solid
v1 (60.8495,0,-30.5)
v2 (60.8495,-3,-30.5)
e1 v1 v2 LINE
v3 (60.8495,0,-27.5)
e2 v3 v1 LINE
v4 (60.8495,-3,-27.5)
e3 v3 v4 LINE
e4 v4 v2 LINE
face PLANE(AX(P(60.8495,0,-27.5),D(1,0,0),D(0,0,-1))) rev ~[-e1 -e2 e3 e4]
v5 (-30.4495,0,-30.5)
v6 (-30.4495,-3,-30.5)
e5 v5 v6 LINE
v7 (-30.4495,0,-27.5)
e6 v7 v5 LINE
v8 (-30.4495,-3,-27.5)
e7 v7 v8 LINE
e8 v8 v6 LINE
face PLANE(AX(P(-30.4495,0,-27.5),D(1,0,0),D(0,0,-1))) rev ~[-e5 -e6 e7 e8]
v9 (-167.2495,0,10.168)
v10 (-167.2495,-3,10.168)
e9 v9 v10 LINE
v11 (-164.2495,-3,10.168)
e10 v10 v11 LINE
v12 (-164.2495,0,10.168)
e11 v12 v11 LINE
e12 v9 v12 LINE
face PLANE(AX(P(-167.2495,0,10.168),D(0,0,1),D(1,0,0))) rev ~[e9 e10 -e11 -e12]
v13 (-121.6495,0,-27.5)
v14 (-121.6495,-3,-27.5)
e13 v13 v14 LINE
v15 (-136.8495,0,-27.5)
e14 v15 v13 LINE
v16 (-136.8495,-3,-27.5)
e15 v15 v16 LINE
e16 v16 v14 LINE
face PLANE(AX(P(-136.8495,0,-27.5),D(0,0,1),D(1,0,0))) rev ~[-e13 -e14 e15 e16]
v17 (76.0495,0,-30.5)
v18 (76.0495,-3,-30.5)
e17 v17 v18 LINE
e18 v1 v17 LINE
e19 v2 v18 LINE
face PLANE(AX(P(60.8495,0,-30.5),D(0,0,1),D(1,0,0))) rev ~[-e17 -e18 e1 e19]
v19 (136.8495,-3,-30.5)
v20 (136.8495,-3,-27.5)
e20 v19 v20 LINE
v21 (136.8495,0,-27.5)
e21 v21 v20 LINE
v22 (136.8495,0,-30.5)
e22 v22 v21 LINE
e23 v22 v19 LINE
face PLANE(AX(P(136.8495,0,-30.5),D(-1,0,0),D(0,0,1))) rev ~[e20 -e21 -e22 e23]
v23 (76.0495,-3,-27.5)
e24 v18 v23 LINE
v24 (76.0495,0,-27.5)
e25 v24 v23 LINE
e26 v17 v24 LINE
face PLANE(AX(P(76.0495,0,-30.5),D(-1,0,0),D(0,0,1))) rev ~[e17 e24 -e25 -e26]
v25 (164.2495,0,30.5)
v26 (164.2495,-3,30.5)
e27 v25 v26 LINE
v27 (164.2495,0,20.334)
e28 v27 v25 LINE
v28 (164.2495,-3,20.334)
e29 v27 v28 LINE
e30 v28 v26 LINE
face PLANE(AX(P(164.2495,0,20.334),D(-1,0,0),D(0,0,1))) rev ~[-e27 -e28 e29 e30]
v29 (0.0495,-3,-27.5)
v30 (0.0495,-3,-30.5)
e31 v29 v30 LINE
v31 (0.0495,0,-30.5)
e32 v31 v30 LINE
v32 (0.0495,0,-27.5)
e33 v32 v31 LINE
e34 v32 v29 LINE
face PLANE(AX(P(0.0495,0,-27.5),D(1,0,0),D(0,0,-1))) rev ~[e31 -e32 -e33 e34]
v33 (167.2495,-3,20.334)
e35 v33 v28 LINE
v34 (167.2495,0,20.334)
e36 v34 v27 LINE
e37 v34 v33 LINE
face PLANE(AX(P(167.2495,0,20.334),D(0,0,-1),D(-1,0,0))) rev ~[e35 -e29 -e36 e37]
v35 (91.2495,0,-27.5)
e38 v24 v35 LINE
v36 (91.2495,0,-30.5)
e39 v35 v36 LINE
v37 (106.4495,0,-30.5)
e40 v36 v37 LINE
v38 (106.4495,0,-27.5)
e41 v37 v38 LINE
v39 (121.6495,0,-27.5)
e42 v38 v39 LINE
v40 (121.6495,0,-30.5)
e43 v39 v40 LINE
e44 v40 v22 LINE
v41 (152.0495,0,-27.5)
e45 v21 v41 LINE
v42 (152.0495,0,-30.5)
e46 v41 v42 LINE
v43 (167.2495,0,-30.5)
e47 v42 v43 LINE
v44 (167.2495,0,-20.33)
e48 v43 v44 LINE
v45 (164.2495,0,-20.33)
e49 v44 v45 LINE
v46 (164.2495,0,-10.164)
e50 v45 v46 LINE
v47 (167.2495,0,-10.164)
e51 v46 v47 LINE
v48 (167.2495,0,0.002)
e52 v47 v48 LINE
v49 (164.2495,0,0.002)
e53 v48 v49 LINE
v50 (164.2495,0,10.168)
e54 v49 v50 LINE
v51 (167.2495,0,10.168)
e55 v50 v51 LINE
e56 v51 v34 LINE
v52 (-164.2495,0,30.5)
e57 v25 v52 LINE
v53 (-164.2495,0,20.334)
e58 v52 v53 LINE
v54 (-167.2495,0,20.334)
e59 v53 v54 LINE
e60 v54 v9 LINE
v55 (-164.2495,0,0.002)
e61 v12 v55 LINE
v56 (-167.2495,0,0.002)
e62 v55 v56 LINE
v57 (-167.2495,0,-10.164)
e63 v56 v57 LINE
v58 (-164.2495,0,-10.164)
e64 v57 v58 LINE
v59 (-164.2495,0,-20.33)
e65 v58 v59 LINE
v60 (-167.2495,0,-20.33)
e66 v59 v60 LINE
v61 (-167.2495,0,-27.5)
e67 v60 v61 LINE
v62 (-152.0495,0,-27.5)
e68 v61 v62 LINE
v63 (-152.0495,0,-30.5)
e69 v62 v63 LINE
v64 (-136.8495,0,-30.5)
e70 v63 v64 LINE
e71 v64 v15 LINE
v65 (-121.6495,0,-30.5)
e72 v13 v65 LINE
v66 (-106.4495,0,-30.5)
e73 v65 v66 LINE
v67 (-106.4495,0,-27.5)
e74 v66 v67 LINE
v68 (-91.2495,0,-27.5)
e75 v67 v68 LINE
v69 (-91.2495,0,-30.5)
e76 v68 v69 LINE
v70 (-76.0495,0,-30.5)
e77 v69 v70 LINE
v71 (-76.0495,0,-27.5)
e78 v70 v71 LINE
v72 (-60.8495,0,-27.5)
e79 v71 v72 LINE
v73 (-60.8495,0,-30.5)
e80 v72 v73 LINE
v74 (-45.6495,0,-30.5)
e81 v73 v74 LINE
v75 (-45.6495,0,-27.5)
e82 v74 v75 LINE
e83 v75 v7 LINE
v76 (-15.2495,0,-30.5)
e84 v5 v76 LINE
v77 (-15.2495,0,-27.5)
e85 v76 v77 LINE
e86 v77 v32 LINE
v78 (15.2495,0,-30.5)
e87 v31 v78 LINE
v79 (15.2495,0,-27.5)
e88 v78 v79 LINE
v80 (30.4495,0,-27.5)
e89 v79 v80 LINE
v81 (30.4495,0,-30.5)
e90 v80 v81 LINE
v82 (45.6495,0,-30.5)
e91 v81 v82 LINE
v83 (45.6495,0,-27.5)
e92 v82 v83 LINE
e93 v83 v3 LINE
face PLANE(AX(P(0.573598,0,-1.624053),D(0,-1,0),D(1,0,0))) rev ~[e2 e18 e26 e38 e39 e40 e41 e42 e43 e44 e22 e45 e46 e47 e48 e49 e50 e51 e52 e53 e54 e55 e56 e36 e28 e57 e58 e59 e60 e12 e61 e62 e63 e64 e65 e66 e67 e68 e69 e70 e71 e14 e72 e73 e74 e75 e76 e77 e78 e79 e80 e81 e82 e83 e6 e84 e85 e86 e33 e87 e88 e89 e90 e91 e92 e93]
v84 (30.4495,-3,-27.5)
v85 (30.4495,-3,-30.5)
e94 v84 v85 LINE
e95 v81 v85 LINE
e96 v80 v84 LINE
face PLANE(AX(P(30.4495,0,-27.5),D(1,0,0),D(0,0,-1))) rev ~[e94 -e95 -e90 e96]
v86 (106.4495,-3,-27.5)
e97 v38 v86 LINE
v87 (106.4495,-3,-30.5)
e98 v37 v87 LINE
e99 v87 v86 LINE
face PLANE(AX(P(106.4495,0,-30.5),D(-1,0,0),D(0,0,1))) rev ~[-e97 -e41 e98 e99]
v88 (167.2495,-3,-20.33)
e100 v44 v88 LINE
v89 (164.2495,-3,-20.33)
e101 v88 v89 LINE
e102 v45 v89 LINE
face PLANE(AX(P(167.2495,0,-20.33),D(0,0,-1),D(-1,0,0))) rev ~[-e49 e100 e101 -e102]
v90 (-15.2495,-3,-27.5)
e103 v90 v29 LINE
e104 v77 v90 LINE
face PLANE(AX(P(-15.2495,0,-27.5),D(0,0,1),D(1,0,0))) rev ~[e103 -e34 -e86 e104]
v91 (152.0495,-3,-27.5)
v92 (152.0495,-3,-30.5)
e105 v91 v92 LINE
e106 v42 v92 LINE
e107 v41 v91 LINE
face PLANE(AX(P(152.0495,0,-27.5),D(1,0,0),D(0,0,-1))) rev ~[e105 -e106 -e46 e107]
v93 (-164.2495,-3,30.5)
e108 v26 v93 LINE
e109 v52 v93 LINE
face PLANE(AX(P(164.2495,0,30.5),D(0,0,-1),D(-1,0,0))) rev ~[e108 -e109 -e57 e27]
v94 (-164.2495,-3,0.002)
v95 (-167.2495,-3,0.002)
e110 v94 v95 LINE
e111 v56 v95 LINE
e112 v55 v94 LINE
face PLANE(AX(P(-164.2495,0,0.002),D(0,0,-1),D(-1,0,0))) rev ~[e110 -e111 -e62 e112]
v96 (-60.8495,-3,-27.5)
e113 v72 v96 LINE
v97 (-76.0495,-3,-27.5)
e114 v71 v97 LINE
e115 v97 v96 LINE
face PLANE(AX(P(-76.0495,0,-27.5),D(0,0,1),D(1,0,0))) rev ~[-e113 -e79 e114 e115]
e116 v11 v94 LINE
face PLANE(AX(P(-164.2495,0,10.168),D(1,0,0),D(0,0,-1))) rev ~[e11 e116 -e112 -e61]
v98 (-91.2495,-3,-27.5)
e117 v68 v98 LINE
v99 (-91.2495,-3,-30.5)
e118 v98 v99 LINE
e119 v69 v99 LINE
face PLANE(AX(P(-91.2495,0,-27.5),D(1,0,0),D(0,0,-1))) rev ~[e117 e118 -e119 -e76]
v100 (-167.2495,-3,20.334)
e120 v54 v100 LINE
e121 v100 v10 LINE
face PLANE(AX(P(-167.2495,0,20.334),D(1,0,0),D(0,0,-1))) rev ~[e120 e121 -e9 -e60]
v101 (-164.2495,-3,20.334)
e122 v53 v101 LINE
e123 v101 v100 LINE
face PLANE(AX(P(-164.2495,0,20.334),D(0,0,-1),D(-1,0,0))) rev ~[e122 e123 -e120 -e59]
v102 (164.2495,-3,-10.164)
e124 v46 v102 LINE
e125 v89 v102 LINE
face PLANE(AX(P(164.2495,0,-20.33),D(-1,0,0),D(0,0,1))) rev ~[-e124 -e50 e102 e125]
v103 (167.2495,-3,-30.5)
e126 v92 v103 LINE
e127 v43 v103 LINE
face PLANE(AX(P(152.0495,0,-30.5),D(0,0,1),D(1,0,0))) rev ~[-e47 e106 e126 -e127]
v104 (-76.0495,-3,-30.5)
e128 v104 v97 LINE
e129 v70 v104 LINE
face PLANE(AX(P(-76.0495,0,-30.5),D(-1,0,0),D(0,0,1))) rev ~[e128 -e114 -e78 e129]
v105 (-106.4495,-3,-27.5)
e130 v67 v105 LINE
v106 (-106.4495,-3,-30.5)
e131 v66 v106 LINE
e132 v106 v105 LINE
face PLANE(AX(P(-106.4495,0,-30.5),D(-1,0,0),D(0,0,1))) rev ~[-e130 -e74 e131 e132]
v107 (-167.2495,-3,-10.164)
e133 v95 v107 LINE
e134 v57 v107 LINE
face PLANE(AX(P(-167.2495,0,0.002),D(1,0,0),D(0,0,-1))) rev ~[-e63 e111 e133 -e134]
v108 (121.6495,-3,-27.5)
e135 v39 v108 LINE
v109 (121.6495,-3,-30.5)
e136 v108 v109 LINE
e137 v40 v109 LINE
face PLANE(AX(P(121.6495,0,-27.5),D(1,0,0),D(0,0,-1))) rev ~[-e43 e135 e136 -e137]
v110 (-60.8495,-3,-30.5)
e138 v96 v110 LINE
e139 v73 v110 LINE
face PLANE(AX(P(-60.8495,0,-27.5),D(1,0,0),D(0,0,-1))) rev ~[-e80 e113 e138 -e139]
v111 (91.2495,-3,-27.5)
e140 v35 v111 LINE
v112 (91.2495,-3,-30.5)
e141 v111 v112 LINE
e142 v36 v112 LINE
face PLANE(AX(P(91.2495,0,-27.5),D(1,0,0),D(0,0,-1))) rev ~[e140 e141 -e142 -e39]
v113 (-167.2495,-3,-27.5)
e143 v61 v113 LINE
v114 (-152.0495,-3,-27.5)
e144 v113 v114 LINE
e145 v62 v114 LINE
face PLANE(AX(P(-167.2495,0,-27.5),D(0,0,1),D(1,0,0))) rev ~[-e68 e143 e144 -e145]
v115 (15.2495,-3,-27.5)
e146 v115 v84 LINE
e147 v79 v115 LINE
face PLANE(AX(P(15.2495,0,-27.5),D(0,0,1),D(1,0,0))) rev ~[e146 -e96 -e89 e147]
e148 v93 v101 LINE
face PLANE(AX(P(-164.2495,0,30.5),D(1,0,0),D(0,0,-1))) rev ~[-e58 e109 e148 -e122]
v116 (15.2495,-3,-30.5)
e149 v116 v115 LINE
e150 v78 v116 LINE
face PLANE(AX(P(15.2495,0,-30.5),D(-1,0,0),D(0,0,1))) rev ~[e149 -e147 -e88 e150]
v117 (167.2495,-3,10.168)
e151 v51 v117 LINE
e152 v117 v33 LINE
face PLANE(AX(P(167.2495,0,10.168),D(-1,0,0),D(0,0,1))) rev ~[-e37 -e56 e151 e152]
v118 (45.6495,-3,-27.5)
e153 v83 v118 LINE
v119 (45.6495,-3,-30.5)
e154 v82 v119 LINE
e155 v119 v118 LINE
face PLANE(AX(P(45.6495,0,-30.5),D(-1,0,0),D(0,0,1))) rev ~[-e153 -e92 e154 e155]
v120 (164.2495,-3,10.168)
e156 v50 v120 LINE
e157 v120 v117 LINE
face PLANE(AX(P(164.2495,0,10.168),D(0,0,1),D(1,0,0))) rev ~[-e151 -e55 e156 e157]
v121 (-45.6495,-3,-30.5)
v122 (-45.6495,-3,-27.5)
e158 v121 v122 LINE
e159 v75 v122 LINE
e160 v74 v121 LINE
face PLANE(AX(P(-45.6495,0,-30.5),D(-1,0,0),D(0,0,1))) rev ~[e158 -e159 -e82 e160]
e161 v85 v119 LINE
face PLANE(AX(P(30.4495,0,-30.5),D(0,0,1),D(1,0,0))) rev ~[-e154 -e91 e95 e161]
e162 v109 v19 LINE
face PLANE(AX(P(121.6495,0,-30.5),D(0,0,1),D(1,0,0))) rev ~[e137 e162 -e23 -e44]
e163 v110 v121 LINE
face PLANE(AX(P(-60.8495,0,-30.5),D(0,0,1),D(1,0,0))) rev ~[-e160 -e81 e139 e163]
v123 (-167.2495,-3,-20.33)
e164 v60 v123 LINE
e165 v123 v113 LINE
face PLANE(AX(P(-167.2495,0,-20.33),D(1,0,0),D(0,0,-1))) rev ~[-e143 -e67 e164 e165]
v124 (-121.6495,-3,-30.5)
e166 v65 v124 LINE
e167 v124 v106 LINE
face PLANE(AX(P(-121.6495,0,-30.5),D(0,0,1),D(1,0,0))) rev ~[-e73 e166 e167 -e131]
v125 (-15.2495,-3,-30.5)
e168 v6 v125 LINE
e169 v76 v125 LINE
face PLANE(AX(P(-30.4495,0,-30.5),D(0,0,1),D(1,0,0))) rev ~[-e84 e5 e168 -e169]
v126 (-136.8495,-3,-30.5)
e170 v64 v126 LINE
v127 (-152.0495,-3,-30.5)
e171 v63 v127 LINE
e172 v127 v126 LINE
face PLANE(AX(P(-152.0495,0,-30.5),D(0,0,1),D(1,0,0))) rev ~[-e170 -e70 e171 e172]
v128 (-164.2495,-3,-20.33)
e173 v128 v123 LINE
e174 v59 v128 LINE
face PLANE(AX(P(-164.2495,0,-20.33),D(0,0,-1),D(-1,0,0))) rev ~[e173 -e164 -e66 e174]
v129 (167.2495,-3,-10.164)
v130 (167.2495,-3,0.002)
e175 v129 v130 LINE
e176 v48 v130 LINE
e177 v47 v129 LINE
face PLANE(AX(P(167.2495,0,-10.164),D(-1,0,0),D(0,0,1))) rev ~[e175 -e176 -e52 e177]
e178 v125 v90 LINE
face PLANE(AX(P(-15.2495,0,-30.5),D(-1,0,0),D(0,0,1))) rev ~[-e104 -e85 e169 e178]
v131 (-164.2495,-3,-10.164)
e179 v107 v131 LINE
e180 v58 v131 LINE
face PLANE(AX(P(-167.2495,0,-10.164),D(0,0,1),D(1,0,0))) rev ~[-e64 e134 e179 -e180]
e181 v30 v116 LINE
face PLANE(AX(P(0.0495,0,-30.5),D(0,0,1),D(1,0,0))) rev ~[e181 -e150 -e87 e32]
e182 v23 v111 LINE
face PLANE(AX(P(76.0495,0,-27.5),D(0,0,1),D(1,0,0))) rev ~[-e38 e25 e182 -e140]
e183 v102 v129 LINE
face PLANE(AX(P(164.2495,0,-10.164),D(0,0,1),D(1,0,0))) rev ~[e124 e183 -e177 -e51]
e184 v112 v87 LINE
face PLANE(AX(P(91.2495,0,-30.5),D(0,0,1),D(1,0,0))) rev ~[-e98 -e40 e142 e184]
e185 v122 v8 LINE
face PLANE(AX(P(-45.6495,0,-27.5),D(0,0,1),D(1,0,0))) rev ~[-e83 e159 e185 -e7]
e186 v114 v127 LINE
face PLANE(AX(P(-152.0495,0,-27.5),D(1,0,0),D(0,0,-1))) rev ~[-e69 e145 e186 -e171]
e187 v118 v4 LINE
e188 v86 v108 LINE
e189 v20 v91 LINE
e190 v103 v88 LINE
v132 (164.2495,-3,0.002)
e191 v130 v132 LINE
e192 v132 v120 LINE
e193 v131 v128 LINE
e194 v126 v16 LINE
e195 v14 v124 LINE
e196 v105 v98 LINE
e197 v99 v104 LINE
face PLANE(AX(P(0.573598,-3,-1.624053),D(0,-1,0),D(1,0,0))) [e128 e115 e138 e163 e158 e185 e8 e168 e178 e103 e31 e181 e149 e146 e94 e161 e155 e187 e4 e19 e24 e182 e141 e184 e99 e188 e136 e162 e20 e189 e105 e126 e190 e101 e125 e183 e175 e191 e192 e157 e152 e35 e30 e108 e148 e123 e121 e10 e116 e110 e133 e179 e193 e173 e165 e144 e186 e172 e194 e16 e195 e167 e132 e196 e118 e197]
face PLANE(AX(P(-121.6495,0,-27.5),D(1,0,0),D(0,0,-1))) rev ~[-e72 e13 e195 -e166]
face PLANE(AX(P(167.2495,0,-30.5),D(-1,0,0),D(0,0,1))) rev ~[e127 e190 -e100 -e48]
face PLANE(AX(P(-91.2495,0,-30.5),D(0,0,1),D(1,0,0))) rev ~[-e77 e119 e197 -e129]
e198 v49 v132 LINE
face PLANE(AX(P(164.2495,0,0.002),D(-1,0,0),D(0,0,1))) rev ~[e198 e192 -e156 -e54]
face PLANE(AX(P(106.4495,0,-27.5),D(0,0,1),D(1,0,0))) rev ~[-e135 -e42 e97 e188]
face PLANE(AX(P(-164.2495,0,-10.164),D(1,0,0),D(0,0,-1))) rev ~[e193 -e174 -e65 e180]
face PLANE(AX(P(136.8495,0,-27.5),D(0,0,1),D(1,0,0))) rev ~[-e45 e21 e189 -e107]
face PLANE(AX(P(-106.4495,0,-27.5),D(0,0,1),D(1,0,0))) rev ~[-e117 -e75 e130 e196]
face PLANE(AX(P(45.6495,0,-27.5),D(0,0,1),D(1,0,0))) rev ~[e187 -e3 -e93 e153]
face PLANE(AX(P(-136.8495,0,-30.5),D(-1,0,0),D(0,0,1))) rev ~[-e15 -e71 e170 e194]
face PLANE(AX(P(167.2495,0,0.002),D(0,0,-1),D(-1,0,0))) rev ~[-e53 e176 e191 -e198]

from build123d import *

# Parameters (mm, degrees)
F1_DEPTH = 3


with BuildPart() as f1:
    # F0 (on Front) → F1 (new body)
    with BuildSketch(Plane.XZ):
        Polygon((152.0495, -30.5), (167.2495, -30.5), (167.2495, -27.5), (167.2495, -20.33), (164.2495, -20.33), (164.2495, -10.164), (167.2495, -10.164), (167.2495, 0.002), (164.2495, 0.002), (164.2495, 10.168), (167.2495, 10.168), (167.2495, 20.334), (164.2495, 20.334), (164.2495, 30.5), (-164.2495, 30.5), (-164.2495, 20.334), (-167.2495, 20.334), (-167.2495, 10.168), (-164.2495, 10.168), (-164.2495, 0.002), (-167.2495, 0.002), (-167.2495, -10.164), (-164.2495, -10.164), (-164.2495, -20.33), (-167.2495, -20.33), (-167.2495, -27.5), (-152.0495, -27.5), (-152.0495, -30.5), (-136.8495, -30.5), (-136.8495, -27.5), (-121.6495, -27.5), (-121.6495, -30.5), (-106.4495, -30.5), (-106.4495, -27.5), (-91.2495, -27.5), (-91.2495, -30.5), (-76.0495, -30.5), (-76.0495, -27.5), (-60.8495, -27.5), (-60.8495, -30.5), (-45.6495, -30.5), (-45.6495, -27.5), (-30.4495, -27.5), (-30.4495, -30.5), (-15.2495, -30.5), (-15.2495, -27.5), (-0.0495, -27.5), (0.0495, -27.5), (0.0495, -30.5), (15.2495, -30.5), (15.2495, -27.5), (30.4495, -27.5), (30.4495, -30.5), (45.6495, -30.5), (45.6495, -27.5), (60.8495, -27.5), (60.8495, -30.5), (76.0495, -30.5), (76.0495, -27.5), (91.2495, -27.5), (91.2495, -30.5), (106.4495, -30.5), (106.4495, -27.5), (121.6495, -27.5), (121.6495, -30.5), (136.8495, -30.5), (136.8495, -27.5), (152.0495, -27.5), align=None)
    extrude(amount=F1_DEPTH)


solid = f1.part
